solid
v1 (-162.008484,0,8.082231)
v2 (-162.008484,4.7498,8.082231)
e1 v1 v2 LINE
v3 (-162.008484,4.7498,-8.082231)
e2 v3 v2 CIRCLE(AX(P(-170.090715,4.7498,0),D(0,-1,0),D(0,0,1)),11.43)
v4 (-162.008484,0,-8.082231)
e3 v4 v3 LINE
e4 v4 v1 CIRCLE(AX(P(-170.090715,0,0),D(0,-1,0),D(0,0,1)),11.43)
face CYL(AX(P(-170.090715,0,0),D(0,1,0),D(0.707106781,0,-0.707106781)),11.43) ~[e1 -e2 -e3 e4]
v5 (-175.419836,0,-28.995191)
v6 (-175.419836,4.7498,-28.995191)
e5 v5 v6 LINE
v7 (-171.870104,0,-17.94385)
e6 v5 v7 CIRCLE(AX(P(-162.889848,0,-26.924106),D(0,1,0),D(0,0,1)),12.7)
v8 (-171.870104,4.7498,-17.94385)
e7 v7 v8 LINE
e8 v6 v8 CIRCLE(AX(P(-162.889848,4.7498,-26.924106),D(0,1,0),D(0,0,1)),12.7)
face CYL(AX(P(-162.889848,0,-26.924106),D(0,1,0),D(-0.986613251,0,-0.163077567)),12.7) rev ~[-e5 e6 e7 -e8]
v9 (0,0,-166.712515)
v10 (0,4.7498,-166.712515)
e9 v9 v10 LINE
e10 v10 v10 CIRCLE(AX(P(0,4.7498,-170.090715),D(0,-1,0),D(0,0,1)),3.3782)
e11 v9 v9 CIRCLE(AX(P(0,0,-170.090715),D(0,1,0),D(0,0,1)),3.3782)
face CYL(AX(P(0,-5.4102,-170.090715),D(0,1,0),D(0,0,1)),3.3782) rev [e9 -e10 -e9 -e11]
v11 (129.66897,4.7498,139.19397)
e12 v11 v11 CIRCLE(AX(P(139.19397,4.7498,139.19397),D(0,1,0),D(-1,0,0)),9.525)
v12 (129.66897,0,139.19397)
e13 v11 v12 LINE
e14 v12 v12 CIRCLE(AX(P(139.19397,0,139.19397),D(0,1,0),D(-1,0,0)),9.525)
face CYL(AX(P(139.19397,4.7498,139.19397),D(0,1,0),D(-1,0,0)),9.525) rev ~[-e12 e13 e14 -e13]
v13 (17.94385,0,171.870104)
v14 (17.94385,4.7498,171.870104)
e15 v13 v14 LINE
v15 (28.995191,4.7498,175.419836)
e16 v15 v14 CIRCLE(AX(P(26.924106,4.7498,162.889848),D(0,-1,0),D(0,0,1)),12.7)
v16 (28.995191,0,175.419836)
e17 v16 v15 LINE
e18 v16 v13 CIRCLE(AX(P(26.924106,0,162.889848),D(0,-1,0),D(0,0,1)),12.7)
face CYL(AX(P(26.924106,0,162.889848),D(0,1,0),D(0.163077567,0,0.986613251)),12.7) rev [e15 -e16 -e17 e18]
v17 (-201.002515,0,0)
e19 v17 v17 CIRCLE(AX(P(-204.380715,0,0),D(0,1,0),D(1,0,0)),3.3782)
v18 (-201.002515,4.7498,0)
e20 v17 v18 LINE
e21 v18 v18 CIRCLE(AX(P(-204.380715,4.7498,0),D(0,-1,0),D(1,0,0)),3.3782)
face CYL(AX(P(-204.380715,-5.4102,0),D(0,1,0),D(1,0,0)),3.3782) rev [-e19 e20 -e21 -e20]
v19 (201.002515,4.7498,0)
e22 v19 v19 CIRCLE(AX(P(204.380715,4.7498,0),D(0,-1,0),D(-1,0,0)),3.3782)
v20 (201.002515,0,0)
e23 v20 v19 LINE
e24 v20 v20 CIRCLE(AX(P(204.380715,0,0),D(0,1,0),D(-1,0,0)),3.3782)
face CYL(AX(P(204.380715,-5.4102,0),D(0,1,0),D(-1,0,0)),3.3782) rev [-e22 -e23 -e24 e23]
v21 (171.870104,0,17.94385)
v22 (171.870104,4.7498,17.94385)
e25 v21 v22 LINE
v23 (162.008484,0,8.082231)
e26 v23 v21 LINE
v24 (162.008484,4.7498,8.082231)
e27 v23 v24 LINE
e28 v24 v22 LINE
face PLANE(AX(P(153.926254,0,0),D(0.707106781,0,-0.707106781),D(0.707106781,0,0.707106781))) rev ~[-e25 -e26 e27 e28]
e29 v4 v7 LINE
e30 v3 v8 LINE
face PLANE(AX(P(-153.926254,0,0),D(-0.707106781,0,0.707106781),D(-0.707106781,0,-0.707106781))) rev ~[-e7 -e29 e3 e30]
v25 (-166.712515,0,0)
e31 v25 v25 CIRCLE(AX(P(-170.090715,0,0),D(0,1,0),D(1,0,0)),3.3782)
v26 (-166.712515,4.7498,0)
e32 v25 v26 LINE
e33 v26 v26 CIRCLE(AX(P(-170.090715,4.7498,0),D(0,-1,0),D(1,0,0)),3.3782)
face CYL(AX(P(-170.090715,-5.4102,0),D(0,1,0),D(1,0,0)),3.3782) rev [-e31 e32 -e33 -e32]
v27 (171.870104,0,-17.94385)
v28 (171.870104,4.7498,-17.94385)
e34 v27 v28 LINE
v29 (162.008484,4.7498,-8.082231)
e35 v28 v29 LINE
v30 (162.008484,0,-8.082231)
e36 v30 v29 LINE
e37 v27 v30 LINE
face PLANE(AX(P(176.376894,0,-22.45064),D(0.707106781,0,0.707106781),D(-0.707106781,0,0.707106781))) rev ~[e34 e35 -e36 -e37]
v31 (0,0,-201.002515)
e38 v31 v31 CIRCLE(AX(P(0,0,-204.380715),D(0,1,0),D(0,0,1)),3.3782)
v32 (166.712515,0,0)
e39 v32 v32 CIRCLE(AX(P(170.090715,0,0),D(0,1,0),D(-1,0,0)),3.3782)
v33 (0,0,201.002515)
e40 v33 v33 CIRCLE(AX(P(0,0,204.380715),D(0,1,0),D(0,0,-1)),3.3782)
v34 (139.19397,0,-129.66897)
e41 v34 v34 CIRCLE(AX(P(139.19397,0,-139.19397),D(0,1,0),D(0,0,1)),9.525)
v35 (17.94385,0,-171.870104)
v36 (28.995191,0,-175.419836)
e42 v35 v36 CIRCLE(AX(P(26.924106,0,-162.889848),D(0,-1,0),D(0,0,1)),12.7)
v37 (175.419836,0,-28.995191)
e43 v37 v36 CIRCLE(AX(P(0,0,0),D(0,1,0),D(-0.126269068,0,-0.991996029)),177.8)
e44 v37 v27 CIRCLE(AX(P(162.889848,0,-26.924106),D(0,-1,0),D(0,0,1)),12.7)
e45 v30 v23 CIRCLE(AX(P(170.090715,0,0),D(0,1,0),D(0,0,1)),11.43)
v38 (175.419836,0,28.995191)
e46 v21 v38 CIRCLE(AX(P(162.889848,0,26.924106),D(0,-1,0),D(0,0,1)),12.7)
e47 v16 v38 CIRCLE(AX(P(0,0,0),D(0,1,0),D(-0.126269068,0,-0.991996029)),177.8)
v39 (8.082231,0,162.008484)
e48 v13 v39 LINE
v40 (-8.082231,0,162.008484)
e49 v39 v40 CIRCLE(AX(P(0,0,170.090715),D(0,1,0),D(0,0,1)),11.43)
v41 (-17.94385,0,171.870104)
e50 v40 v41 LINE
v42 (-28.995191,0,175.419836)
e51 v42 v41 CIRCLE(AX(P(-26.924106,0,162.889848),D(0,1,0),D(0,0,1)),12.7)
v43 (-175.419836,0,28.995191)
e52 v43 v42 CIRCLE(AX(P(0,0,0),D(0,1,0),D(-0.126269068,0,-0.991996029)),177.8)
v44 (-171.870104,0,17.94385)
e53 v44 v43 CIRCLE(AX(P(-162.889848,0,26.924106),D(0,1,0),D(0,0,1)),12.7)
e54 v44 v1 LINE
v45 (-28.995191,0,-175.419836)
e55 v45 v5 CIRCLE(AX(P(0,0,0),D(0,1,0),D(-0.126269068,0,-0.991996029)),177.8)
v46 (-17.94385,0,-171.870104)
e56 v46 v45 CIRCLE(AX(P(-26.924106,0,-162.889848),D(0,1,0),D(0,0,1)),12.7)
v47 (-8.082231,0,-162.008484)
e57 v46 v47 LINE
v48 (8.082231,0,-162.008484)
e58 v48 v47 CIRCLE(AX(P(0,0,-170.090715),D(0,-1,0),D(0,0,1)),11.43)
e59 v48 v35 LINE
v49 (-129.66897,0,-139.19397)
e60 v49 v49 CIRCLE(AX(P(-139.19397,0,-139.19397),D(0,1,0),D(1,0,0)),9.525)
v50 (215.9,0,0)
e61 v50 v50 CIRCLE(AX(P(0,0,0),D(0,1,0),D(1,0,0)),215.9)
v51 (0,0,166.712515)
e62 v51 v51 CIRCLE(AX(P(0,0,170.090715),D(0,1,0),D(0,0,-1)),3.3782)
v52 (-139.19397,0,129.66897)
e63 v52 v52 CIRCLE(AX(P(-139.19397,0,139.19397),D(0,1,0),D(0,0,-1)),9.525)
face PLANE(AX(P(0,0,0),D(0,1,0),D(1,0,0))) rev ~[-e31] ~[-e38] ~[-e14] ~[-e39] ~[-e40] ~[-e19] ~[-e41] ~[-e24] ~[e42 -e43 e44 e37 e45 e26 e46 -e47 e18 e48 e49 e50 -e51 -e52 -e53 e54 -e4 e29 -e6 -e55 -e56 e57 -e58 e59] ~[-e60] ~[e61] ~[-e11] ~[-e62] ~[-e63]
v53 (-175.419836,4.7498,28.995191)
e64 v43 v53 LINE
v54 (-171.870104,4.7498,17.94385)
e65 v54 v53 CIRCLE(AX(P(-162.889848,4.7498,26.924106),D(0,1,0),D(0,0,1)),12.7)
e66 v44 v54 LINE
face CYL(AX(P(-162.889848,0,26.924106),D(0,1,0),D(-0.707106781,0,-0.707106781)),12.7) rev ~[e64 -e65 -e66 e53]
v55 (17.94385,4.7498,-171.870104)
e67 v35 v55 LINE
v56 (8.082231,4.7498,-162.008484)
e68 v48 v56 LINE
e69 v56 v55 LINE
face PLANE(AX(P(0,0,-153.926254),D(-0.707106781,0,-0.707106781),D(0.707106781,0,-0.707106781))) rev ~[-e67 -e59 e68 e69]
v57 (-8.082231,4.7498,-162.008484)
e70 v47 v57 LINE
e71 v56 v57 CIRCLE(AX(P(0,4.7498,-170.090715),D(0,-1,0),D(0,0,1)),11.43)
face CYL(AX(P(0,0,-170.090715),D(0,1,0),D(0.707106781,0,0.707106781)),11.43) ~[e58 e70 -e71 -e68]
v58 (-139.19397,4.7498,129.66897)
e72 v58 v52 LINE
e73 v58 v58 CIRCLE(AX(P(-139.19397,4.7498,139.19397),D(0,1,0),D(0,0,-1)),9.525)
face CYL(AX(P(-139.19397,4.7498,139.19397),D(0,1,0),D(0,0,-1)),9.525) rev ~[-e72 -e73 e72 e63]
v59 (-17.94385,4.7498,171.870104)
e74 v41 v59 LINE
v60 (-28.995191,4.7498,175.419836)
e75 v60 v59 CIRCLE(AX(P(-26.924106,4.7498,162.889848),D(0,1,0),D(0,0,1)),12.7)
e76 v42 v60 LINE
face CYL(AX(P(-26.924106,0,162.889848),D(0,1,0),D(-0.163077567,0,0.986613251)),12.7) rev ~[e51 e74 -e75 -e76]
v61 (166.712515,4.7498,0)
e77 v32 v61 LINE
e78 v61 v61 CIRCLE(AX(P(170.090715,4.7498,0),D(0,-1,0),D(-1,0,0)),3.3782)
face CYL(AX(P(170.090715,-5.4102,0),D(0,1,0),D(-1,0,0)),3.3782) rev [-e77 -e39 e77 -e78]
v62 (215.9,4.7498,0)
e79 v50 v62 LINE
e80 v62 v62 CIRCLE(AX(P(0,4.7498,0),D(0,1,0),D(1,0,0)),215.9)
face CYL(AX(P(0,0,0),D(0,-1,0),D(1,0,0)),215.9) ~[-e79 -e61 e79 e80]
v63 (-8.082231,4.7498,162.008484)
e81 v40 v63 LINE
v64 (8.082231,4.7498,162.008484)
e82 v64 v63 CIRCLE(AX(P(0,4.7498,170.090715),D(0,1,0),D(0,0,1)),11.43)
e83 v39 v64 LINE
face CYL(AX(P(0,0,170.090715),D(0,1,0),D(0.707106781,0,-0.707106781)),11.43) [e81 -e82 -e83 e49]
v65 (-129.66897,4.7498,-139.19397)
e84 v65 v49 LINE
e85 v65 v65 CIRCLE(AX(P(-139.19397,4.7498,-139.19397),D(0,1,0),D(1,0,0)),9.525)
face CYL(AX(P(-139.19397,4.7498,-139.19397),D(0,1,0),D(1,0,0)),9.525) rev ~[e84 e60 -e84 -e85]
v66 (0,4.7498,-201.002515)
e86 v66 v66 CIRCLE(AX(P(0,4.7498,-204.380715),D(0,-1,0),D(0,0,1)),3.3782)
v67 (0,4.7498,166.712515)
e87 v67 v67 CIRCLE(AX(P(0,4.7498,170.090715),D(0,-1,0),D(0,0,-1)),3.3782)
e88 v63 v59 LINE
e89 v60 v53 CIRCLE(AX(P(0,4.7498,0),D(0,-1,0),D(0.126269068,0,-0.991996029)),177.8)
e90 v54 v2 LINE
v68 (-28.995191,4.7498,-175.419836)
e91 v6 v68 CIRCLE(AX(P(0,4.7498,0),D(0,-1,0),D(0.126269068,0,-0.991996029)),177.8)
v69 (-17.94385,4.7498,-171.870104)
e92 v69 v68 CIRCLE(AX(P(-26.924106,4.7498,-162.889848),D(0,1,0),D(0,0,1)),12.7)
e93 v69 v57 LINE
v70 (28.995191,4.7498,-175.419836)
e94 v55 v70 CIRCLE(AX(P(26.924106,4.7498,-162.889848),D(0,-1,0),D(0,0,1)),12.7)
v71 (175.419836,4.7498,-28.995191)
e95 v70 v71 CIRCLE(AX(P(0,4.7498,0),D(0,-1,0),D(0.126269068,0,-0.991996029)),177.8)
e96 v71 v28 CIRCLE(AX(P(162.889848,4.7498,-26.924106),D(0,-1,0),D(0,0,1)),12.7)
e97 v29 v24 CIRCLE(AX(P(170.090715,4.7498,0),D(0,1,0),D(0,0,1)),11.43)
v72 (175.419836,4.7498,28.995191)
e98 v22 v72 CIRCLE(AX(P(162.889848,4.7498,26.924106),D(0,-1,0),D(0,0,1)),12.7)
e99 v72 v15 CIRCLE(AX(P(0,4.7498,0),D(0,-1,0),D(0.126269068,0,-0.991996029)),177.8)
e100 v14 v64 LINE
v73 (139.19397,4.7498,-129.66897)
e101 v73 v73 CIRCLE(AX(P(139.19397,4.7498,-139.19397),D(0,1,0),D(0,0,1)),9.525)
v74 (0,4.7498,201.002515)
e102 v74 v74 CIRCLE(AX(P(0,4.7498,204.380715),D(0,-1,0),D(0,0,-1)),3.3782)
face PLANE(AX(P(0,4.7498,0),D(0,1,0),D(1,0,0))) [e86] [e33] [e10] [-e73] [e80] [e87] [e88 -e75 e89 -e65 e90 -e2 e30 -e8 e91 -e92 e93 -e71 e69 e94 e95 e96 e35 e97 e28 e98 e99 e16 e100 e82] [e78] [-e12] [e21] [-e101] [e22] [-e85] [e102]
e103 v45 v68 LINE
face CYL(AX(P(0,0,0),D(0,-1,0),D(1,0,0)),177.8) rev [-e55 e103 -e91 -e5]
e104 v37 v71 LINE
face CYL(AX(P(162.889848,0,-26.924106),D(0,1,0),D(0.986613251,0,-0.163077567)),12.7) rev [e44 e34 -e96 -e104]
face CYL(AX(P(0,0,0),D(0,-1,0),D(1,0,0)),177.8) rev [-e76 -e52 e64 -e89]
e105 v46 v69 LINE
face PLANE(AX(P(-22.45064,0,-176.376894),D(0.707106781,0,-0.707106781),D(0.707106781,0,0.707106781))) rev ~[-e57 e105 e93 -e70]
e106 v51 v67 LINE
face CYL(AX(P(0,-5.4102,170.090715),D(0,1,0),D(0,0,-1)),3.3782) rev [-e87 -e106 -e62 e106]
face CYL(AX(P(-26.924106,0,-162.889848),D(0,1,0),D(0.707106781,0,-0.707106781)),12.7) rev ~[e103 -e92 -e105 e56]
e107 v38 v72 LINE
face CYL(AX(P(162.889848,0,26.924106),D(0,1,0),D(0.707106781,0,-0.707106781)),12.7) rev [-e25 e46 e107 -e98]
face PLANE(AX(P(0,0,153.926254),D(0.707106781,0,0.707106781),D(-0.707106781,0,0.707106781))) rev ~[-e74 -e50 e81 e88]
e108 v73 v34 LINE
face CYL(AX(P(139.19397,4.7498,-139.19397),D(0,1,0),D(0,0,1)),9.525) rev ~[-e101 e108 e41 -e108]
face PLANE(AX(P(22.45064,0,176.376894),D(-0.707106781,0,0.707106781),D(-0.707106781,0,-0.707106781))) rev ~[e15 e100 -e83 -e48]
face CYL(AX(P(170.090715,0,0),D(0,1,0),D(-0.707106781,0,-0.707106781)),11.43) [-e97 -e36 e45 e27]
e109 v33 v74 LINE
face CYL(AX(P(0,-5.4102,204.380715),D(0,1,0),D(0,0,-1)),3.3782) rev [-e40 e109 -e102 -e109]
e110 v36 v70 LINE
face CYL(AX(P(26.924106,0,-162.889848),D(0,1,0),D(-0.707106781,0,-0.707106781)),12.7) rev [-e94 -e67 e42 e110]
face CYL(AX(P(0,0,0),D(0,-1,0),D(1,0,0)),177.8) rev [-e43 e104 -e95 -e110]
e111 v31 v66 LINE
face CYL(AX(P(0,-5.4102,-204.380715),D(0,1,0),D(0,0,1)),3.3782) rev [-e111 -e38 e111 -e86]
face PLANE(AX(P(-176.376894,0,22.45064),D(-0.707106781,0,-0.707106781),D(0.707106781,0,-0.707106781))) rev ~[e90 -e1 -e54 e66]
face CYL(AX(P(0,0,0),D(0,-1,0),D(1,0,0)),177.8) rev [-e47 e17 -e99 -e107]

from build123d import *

# Parameters (mm, degrees)
SKETCH1_R                        = 215.9
SKETCH1_R_2                      = 177.8
BOSS_EXTRUDE1_DEPTH              = 4.7498
BOSS_EXTRUDE2_DEPTH              = 4.7498
FILLET2_R                        = 12.7
FILLET3_R                        = 11.43
F_1_4_CLEARANCE_HOLE1_AT_2_COUNT = 2
F_1_4_CLEARANCE_HOLE1_AT_2_PITCH = 34.29
CIRPATTERN1_COUNT                = 4
FILLET2_OF_CIRPATTERN1_R         = 12.7
FILLET3_OF_CIRPATTERN1_R         = 11.43
SKETCH6_R                        = 9.525
CUT_EXTRUDE1_DEPTH               = 4.7498
CIRPATTERN2_COUNT                = 4


with BuildPart() as part:
    # Sketch1 → Boss-Extrude1 (new body)
    with BuildSketch(Plane(origin=(0, 0, 0), x_dir=(1, 0, 0), z_dir=(0, 1, 0))):
        Circle(SKETCH1_R)
        Circle(SKETCH1_R_2, mode=Mode.SUBTRACT)
    extrude(amount=BOSS_EXTRUDE1_DEPTH)

    # Sketch3 → Boss-Extrude2 (add)
    with BuildSketch(Plane(origin=(0, 0, 0), x_dir=(1, 0, 0), z_dir=(0, 1, 0))):
        with BuildLine():
            Line((-22.450640303, 176.376894037), (0, 153.926253734))
            Line((0, 153.926253734), (22.450640303, 176.376894037))
            ThreePointArc((22.450640303, 176.376894037), (0, 177.8), (-22.450640303, 176.376894037))
        make_face()
    boss_extrude2 = extrude(amount=BOSS_EXTRUDE2_DEPTH)

    # Fillet2
    fillet2_edges = [part.edges().sort_by_distance(p)[0] for p in [
        (22.450640303, 2.3749, -176.376894037),
        (-22.450640303, 2.3749, -176.376894037),
    ]]
    fillet(fillet2_edges, radius=FILLET2_R)

    # Fillet3
    fillet3_edges = [part.edges().sort_by_distance(p)[0] for p in [
        (0, 2.3749, -153.926253734),
    ]]
    fillet(fillet3_edges, radius=FILLET3_R)

    # Sketch5 → 1/4 Clearance Hole1 (revolve, cut)
    with BuildSketch(Plane(origin=(0, 4.7498, -170.090714752), x_dir=(0, 0, 1), z_dir=(1, 0, 0))):
        Polygon((0, 0), (0, 12.189827343), (3.3782, 10.16), (3.3782, 0), align=None)
    f_1_4_clearance_hole1 = revolve(axis=Axis((0, 11.0998, -170.090714752), (0, -1, 0)), mode=Mode.SUBTRACT)

    # 1/4 Clearance Hole1 at 2: 1/4 Clearance Hole1 ×2
    with Locations(*[(0, 0, -i * F_1_4_CLEARANCE_HOLE1_AT_2_PITCH) for i in range(1, F_1_4_CLEARANCE_HOLE1_AT_2_COUNT)]):
        add(f_1_4_clearance_hole1, mode=Mode.SUBTRACT)

    # CirPattern1: Boss-Extrude2, 1/4 Clearance Hole1 ×4 about axis
    cirpattern1_axis = Axis((0, 0, 0), (0, 1, 0))
    for i in range(1, CIRPATTERN1_COUNT):
        add(boss_extrude2.rotate(cirpattern1_axis, i * 360 / CIRPATTERN1_COUNT))
        add(f_1_4_clearance_hole1.rotate(cirpattern1_axis, i * 360 / CIRPATTERN1_COUNT), mode=Mode.SUBTRACT)

    # CirPattern1 copy 1 sketch → CirPattern1 copy 1 (revolve, cut)
    with BuildSketch(Plane(origin=(-204.380714752, 4.7498, 0), x_dir=(1, 0, 0), z_dir=(0, 0, -1))):
        Polygon((0, 0), (0, 12.189827343), (3.3782, 10.16), (3.3782, 0), align=None)
    revolve(axis=Axis((-204.380714752, 11.0998, 0), (0, -1, 0)), mode=Mode.SUBTRACT)

    # CirPattern1 copy 2 sketch → CirPattern1 copy 2 (revolve, cut)
    with BuildSketch(Plane(origin=(0, 4.7498, 204.380714752), x_dir=(0, 0, -1), z_dir=(-1, 0, 0))):
        Polygon((0, 0), (0, 12.189827343), (3.3782, 10.16), (3.3782, 0), align=None)
    revolve(axis=Axis((0, 11.0998, 204.380714752), (0, -1, 0)), mode=Mode.SUBTRACT)

    # CirPattern1 copy 3 sketch → CirPattern1 copy 3 (revolve, cut)
    with BuildSketch(Plane(origin=(204.380714752, 4.7498, 0), x_dir=(-1, 0, 0), z_dir=(0, 0, 1))):
        Polygon((0, 0), (0, 12.189827343), (3.3782, 10.16), (3.3782, 0), align=None)
    revolve(axis=Axis((204.380714752, 11.0998, 0), (0, -1, 0)), mode=Mode.SUBTRACT)

    # Fillet2 of CirPattern1
    fillet2_of_cirpattern1_edges = [part.edges().sort_by_distance(p)[0] for p in [
        (-176.376894037, 2.3749, -22.450640303),
        (-176.376894037, 2.3749, 22.450640303),
        (-22.450640303, 2.3749, 176.376894037),
        (22.450640303, 2.3749, 176.376894037),
        (176.376894037, 2.3749, 22.450640303),
        (176.376894037, 2.3749, -22.450640303),
    ]]
    fillet(fillet2_of_cirpattern1_edges, radius=FILLET2_OF_CIRPATTERN1_R)

    # Fillet3 of CirPattern1
    fillet3_of_cirpattern1_edges = [part.edges().sort_by_distance(p)[0] for p in [
        (-153.926253734, 2.3749, 0),
        (0, 2.3749, 153.926253734),
        (153.926253734, 2.3749, 0),
    ]]
    fillet(fillet3_of_cirpattern1_edges, radius=FILLET3_OF_CIRPATTERN1_R)

    # Sketch6 → Cut-Extrude1 (cut)
    with BuildSketch(Plane(origin=(0, 4.7498, 0), x_dir=(1, 0, 0), z_dir=(0, 1, 0))):
        with Locations((-139.193969877, 139.193969877)):
            Circle(SKETCH6_R)
    cut_extrude1 = extrude(amount=-CUT_EXTRUDE1_DEPTH, mode=Mode.SUBTRACT)

    # CirPattern2: Cut-Extrude1 ×4 about axis
    cirpattern2_axis = Axis((0, 0, 0), (0, 1, 0))
    for i in range(1, CIRPATTERN2_COUNT):
        add(cut_extrude1.rotate(cirpattern2_axis, i * 360 / CIRPATTERN2_COUNT), mode=Mode.SUBTRACT)


solid = part.part
